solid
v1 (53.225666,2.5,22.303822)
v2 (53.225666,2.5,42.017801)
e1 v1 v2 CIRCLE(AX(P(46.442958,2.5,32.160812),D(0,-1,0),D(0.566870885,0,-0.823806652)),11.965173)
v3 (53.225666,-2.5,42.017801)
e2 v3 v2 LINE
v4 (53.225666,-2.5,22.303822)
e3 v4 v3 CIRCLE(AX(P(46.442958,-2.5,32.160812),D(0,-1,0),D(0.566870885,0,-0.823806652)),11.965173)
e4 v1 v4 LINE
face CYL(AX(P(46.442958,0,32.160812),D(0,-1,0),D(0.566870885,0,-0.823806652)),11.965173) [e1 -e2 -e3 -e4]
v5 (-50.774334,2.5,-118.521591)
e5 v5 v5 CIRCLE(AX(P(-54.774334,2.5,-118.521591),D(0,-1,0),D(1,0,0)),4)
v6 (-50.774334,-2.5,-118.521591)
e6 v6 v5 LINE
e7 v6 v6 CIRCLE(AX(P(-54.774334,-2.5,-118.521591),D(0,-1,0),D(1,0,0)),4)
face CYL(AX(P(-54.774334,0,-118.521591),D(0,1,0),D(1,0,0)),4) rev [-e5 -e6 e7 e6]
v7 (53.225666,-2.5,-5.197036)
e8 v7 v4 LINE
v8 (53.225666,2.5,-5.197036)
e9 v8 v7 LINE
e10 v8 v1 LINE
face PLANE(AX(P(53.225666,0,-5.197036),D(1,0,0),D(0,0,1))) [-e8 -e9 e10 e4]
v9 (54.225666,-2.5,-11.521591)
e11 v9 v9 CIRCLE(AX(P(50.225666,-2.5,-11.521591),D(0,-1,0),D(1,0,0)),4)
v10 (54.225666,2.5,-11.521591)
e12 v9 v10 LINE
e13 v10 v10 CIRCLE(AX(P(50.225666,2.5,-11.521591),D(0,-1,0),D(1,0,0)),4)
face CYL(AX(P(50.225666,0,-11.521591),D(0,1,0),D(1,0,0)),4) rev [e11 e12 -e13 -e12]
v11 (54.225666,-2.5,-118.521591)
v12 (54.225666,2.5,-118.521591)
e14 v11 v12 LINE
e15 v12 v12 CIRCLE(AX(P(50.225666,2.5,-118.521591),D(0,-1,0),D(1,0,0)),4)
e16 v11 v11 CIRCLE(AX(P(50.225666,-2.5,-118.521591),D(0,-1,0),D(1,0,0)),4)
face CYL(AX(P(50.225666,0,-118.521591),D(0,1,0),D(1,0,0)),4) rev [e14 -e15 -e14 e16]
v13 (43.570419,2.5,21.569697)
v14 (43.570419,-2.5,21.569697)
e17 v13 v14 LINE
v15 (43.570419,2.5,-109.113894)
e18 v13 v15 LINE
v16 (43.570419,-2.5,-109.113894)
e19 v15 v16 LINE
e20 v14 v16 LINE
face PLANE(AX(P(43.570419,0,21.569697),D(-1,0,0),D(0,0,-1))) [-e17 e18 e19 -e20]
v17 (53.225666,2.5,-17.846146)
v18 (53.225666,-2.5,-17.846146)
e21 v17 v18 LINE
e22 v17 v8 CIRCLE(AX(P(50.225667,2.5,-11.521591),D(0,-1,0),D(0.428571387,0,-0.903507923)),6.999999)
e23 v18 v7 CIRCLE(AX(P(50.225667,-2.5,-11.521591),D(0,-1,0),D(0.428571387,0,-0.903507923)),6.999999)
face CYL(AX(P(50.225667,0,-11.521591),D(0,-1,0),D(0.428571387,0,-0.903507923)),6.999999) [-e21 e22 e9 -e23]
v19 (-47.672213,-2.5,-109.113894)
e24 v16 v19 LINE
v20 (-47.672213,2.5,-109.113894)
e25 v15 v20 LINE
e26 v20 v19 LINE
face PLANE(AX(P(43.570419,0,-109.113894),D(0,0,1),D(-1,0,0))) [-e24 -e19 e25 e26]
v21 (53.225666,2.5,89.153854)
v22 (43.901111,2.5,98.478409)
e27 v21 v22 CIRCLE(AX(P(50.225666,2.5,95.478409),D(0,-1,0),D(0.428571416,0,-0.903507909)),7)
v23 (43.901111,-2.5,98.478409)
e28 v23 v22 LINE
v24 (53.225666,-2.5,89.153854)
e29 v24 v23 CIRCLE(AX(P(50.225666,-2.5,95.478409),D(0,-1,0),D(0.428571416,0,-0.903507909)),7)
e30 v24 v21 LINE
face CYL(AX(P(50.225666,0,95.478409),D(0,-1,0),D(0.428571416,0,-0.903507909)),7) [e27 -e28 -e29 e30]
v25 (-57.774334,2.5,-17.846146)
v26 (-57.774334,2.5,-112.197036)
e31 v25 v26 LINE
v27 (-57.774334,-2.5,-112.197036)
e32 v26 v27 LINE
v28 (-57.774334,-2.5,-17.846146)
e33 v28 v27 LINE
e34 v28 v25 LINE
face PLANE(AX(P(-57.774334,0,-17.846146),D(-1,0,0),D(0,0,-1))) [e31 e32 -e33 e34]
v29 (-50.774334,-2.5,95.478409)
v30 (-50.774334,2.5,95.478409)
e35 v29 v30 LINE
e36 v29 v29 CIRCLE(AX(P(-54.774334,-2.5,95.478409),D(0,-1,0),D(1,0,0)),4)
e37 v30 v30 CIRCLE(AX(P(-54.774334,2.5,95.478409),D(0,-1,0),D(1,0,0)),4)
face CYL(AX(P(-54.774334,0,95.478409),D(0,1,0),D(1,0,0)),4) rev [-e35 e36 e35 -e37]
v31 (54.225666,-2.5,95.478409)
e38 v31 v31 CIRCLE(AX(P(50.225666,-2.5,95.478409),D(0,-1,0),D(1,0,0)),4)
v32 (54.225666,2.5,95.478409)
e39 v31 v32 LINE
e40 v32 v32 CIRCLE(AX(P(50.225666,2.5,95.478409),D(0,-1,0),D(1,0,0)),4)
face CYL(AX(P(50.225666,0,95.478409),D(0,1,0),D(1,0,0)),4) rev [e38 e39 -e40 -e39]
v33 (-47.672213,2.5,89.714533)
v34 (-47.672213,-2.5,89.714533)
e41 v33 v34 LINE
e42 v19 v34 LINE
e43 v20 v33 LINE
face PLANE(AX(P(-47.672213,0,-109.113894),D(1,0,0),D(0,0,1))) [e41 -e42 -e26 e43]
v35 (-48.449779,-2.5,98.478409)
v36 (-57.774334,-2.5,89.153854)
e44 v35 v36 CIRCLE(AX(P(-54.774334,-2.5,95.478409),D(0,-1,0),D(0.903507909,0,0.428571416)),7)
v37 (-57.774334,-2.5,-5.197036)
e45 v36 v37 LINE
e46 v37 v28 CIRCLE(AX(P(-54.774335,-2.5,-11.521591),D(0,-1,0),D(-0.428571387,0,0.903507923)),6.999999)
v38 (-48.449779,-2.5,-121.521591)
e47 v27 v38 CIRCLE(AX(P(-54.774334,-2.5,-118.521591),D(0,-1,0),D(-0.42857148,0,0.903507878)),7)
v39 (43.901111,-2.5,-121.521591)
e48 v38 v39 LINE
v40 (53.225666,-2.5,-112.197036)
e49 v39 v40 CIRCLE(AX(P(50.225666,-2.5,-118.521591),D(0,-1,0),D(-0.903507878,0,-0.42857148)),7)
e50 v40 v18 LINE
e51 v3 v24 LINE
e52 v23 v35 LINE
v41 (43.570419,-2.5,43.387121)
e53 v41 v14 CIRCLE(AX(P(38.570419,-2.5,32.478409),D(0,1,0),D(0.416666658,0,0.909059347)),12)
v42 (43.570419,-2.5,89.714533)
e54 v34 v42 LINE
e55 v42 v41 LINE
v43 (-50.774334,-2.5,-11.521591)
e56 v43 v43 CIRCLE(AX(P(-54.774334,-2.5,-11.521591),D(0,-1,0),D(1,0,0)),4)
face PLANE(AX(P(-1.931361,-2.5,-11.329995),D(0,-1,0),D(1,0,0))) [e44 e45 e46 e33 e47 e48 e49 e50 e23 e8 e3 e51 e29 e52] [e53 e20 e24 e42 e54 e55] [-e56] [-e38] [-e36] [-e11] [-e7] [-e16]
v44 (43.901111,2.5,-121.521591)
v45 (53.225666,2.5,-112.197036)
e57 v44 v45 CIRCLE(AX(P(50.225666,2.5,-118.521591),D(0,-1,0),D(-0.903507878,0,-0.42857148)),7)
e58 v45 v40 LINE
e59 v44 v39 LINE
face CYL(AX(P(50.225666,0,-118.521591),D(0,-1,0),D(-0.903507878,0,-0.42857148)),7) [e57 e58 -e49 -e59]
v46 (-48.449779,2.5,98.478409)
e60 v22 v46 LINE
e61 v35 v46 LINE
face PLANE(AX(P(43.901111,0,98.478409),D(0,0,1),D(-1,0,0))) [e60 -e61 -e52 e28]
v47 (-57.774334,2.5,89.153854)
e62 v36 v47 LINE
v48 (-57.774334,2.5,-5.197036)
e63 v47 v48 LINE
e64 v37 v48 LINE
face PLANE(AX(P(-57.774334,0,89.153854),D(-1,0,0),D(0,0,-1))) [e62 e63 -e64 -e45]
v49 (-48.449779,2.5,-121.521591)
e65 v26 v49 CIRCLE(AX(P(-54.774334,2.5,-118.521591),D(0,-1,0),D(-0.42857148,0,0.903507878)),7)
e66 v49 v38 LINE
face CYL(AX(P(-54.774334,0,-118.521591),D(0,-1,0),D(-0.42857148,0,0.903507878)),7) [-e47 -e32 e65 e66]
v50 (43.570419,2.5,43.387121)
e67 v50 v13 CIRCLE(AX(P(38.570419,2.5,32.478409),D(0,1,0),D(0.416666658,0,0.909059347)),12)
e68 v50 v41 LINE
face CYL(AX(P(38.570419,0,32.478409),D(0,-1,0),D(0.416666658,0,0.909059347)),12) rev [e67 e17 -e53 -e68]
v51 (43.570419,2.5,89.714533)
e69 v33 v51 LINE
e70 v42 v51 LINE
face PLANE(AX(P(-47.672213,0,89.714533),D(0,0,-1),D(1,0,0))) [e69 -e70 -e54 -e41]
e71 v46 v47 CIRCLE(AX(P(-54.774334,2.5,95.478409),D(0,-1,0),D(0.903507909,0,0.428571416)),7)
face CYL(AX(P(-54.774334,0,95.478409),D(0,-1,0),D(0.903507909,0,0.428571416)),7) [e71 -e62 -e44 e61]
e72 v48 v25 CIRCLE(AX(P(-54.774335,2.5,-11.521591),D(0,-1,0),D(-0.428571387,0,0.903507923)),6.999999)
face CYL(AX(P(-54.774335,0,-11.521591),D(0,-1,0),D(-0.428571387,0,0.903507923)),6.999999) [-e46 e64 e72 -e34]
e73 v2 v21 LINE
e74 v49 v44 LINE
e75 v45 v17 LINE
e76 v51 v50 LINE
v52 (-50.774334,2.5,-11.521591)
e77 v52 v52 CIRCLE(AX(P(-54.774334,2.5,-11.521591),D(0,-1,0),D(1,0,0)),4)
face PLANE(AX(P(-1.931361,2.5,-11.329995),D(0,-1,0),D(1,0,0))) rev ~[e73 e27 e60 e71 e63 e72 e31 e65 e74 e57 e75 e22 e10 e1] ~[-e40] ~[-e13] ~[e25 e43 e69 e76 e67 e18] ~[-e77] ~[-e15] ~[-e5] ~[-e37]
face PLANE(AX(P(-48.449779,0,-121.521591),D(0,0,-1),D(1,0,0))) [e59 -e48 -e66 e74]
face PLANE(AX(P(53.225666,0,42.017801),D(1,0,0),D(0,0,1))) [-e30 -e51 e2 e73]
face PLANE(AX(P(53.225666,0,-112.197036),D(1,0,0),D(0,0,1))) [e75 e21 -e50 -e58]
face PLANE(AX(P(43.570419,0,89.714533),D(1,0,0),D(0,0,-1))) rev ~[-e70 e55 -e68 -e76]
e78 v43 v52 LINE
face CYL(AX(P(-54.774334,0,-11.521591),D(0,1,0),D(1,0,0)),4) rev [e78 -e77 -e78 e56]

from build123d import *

# Parameters (mm, degrees)
F0_R     = 4
F1_DEPTH = 2.5


with BuildPart() as f1:
    # F0 (on Front) → F1 (new body, symmetric)
    with BuildSketch(Plane.XZ):
        with BuildLine():
            Line((-57.774334, -17.846146), (-57.774334, -112.197036))
            ThreePointArc((-57.774334, -112.197036), (-59.724081, -123.471338), (-48.449779, -121.521591))
            Line((-48.449779, -121.521591), (43.901111, -121.521591))
            ThreePointArc((43.901111, -121.521591), (55.175413, -123.471338), (53.225666, -112.197036))
            Line((53.225666, -112.197036), (53.225666, -17.846146))
            ThreePointArc((53.225666, -17.846146), (57.225666, -11.521591), (53.225666, -5.197036))
            Line((53.225666, -5.197036), (53.225666, 22.303822))
            ThreePointArc((53.225666, 22.303822), (58.408131, 32.160811), (53.225666, 42.017801))
            Line((53.225666, 42.017801), (53.225666, 89.153854))
            ThreePointArc((53.225666, 89.153854), (55.175413, 100.428157), (43.901111, 98.478409))
            Line((43.901111, 98.478409), (-48.449779, 98.478409))
            ThreePointArc((-48.449779, 98.478409), (-59.724081, 100.428157), (-57.774334, 89.153854))
            Line((-57.774334, 89.153854), (-57.774334, -5.197036))
            ThreePointArc((-57.774334, -5.197036), (-61.774334, -11.521591), (-57.774334, -17.846146))
        make_face()
        with Locations((-54.774334, -118.521591)):
            Circle(F0_R, mode=Mode.SUBTRACT)
        with Locations((50.225666, -118.521591)):
            Circle(F0_R, mode=Mode.SUBTRACT)
        with Locations((-54.774334, -11.521591)):
            Circle(F0_R, mode=Mode.SUBTRACT)
        with Locations((-54.774334, 95.478409)):
            Circle(F0_R, mode=Mode.SUBTRACT)
        with BuildLine():
            Line((-47.672213, -109.113894), (-47.672213, 89.714533))
            Line((-47.672213, 89.714533), (43.570419, 89.714533))
            Line((43.570419, 89.714533), (43.570419, 43.387121))
            ThreePointArc((43.570419, 43.387121), (50.570419, 32.478409), (43.570419, 21.569697))
            Line((43.570419, 21.569697), (43.570419, -109.113894))
            Line((43.570419, -109.113894), (-47.672213, -109.113894))
        make_face(mode=Mode.SUBTRACT)
        with Locations((50.225666, -11.521591)):
            Circle(F0_R, mode=Mode.SUBTRACT)
        with Locations((50.225666, 95.478409)):
            Circle(F0_R, mode=Mode.SUBTRACT)
    extrude(amount=F1_DEPTH, both=True)


solid = f1.part
